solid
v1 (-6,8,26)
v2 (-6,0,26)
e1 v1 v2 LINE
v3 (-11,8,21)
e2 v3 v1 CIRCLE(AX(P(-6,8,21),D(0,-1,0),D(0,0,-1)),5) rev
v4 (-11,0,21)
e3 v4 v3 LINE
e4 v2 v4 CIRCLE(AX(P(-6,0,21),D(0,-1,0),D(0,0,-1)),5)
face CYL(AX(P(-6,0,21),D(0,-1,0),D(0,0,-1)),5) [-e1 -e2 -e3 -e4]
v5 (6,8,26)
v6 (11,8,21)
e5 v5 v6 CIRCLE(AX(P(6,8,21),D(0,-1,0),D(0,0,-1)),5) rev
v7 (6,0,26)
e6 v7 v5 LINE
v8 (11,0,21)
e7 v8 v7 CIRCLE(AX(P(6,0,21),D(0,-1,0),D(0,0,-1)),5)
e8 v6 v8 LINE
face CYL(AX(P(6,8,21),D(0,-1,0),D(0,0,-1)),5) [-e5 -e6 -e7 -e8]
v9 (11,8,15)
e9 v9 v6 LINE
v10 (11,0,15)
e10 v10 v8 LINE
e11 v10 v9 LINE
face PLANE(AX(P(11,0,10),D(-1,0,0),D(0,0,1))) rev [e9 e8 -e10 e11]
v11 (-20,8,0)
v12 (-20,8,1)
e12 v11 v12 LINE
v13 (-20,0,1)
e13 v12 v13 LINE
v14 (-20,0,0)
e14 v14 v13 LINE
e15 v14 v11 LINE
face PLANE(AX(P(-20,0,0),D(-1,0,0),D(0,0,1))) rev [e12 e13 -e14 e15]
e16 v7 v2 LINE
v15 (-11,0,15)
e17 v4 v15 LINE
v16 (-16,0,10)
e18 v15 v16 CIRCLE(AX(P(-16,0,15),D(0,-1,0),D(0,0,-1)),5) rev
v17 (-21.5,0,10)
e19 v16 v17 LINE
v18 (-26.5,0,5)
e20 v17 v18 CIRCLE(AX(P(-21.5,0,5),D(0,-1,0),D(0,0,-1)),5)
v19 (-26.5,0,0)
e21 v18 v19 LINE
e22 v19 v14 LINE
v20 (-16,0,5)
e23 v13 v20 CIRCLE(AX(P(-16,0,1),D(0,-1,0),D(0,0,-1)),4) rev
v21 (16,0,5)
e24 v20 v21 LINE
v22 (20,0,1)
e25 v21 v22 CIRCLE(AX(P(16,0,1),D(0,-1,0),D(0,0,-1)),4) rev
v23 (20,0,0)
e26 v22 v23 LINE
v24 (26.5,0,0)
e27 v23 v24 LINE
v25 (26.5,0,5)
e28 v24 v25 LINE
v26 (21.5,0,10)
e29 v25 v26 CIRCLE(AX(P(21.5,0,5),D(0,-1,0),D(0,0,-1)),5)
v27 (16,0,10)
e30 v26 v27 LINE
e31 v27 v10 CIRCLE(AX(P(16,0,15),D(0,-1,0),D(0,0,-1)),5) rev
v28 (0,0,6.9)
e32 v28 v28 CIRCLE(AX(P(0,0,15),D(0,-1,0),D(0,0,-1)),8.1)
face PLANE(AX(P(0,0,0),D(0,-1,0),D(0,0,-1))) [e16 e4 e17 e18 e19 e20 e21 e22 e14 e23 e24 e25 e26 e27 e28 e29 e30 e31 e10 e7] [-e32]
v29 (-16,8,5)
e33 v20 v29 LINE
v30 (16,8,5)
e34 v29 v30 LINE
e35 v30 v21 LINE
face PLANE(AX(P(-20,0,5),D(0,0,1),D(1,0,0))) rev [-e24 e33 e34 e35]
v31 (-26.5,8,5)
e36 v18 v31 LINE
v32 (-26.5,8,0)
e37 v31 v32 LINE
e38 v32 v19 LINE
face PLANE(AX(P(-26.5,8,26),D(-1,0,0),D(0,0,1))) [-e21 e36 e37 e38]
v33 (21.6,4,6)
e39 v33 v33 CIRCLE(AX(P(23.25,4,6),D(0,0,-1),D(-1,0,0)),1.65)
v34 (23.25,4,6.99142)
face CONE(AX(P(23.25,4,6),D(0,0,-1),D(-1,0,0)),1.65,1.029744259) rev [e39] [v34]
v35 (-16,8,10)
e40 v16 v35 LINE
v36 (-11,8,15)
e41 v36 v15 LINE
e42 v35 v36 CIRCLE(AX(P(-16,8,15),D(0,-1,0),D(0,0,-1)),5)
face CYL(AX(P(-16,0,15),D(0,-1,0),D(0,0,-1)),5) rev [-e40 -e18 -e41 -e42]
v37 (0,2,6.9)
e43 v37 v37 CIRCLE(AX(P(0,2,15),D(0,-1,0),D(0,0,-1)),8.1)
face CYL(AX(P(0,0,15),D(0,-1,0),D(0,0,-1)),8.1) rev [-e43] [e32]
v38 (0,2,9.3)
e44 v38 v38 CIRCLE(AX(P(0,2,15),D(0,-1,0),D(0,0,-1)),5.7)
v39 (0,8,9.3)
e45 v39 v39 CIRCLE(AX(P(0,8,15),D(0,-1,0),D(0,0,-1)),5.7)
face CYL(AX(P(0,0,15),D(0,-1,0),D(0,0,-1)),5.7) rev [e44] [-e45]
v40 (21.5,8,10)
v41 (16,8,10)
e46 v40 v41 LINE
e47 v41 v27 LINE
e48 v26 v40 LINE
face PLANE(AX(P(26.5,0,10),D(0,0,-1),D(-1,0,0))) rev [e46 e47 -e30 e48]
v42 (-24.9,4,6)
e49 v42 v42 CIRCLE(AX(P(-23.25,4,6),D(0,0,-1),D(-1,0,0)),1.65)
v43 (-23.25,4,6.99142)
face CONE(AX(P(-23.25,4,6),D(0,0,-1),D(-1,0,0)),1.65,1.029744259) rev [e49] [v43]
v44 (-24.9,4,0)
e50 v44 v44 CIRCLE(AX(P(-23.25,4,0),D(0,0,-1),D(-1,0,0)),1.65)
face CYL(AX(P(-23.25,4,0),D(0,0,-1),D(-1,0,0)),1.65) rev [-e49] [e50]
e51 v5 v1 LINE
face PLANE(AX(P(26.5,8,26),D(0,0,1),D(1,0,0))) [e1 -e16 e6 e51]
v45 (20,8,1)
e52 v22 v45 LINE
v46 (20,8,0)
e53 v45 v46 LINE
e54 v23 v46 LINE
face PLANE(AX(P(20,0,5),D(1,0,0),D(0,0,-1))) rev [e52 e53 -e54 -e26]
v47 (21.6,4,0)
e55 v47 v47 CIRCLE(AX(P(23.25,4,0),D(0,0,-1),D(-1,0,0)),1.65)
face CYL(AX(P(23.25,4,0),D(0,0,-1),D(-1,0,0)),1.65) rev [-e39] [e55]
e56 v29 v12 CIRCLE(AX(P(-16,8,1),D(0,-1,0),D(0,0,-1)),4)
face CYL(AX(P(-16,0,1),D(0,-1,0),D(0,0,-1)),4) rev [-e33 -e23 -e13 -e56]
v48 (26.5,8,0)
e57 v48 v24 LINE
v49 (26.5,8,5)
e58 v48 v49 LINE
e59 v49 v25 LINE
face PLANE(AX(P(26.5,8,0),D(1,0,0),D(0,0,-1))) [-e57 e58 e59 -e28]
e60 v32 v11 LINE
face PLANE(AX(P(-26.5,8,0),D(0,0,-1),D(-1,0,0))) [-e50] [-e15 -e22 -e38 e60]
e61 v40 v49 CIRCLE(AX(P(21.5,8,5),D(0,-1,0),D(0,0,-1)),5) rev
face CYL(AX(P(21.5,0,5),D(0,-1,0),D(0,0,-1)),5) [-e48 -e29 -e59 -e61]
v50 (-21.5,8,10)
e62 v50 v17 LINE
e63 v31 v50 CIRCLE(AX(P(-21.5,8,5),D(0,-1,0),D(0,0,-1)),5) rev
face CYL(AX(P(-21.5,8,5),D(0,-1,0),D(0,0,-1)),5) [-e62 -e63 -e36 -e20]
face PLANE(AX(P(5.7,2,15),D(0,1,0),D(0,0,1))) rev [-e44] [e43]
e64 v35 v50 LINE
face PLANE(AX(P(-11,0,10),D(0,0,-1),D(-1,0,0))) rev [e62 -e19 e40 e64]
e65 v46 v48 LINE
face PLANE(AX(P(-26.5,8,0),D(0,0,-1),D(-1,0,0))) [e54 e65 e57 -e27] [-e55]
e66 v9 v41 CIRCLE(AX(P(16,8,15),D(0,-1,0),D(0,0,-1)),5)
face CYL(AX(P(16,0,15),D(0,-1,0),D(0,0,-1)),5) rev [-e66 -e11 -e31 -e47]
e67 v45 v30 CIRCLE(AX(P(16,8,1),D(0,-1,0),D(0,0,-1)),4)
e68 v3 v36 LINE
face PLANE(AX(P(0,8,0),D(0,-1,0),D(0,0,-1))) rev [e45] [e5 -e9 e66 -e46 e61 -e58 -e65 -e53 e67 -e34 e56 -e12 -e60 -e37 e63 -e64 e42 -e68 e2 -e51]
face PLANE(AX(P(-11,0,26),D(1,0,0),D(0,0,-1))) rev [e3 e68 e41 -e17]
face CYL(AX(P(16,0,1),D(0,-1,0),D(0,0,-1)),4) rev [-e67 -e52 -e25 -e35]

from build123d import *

# Parameters (mm, degrees)
SKETCH1_W                                = 53
SKETCH1_H                                = 26
BOSS_EXTRUDE1_DEPTH                      = 8
SKETCH2_W                                = 15.5
SKETCH2_H                                = 16
CUT_EXTRUDE1_DEPTH                       = 38.976966704
SKETCH3_W                                = 15.5
SKETCH3_H                                = 16
CUT_EXTRUDE2_DEPTH                       = 38.976966704
SKETCH4_W                                = 40.000000023
SKETCH4_H                                = 5
CUT_EXTRUDE3_DEPTH                       = 38.976966704
CBORE_FOR_M10_HEX_HEAD_BOLT1_D           = 11.4
CBORE_FOR_M10_HEX_HEAD_BOLT1_CBORE_D     = 16.2
CBORE_FOR_M10_HEX_HEAD_BOLT1_CBORE_DEPTH = 2
M4X0_7_TAPPED_HOLE1_D                    = 3.3
M4X0_7_TAPPED_HOLE1_DEPTH                = 6
M4X0_7_TAPPED_HOLE1_TIP                  = 0.991420021
FILLET1_R                                = 4
FILLET2_R                                = 5


with BuildPart() as part:
    # Sketch1 → Boss-Extrude1 (new body)
    with BuildSketch(Plane.XZ):
        with Locations((0, 13)):
            Rectangle(SKETCH1_W, SKETCH1_H)
    extrude(amount=-BOSS_EXTRUDE1_DEPTH)

    # Sketch2 → Cut-Extrude1 (cut, through all)
    with BuildSketch(Plane(origin=(0, 8, 0), x_dir=(-1, 0, 0), z_dir=(0, 1, 0))):
        with Locations((-18.75, 18)):
            Rectangle(SKETCH2_W, SKETCH2_H)
    extrude(amount=-CUT_EXTRUDE1_DEPTH, mode=Mode.SUBTRACT)

    # Sketch3 → Cut-Extrude2 (cut, through all)
    with BuildSketch(Plane(origin=(0, 8, 0), x_dir=(-1, 0, 0), z_dir=(0, 1, 0))):
        with Locations((18.75, 18)):
            Rectangle(SKETCH3_W, SKETCH3_H)
    extrude(amount=-CUT_EXTRUDE2_DEPTH, mode=Mode.SUBTRACT)

    # Sketch4 → Cut-Extrude3 (cut, through all)
    with BuildSketch(Plane(origin=(0, 8, 0), x_dir=(-1, 0, 0), z_dir=(0, 1, 0))):
        with Locations((1.2e-08, 2.5)):
            Rectangle(SKETCH4_W, SKETCH4_H)
    extrude(amount=-CUT_EXTRUDE3_DEPTH, mode=Mode.SUBTRACT)

    # CBORE for M10 Hex Head Bolt1 (through all)
    with Locations(Plane(origin=(0, 0, 0), x_dir=(-1, 0, 0), z_dir=(0, -1, 0))):
        with Locations((0, -15)):
            CounterBoreHole(CBORE_FOR_M10_HEX_HEAD_BOLT1_D / 2, CBORE_FOR_M10_HEX_HEAD_BOLT1_CBORE_D / 2, CBORE_FOR_M10_HEX_HEAD_BOLT1_CBORE_DEPTH)

    # M4x0.7 Tapped Hole1
    with Locations(Plane(origin=(0, 0, 0), x_dir=(-1, 0, 0), z_dir=(0, 0, -1))):
        with Locations((-23.25, 4), (23.25, 4)):
            Hole(M4X0_7_TAPPED_HOLE1_D / 2, depth=M4X0_7_TAPPED_HOLE1_DEPTH)
            with Locations((0, 0, -(M4X0_7_TAPPED_HOLE1_DEPTH + M4X0_7_TAPPED_HOLE1_TIP / 2))):  # 118° drill point
                Cone(0, M4X0_7_TAPPED_HOLE1_D / 2, M4X0_7_TAPPED_HOLE1_TIP, mode=Mode.SUBTRACT)

    # Fillet1
    fillet1_edges = [part.edges().sort_by_distance(p)[0] for p in [
        (20, 4, 5),
        (-20.000000023, 4, 5),
    ]]
    fillet(fillet1_edges, radius=FILLET1_R)

    # Fillet2
    fillet2_edges = [part.edges().sort_by_distance(p)[0] for p in [
        (11, 4, 10),
        (26.5, 4, 10),
        (11, 4, 26),
        (-11, 4, 26),
        (-26.5, 4, 10),
        (-11, 4, 10),
    ]]
    fillet(fillet2_edges, radius=FILLET2_R)


solid = part.part
